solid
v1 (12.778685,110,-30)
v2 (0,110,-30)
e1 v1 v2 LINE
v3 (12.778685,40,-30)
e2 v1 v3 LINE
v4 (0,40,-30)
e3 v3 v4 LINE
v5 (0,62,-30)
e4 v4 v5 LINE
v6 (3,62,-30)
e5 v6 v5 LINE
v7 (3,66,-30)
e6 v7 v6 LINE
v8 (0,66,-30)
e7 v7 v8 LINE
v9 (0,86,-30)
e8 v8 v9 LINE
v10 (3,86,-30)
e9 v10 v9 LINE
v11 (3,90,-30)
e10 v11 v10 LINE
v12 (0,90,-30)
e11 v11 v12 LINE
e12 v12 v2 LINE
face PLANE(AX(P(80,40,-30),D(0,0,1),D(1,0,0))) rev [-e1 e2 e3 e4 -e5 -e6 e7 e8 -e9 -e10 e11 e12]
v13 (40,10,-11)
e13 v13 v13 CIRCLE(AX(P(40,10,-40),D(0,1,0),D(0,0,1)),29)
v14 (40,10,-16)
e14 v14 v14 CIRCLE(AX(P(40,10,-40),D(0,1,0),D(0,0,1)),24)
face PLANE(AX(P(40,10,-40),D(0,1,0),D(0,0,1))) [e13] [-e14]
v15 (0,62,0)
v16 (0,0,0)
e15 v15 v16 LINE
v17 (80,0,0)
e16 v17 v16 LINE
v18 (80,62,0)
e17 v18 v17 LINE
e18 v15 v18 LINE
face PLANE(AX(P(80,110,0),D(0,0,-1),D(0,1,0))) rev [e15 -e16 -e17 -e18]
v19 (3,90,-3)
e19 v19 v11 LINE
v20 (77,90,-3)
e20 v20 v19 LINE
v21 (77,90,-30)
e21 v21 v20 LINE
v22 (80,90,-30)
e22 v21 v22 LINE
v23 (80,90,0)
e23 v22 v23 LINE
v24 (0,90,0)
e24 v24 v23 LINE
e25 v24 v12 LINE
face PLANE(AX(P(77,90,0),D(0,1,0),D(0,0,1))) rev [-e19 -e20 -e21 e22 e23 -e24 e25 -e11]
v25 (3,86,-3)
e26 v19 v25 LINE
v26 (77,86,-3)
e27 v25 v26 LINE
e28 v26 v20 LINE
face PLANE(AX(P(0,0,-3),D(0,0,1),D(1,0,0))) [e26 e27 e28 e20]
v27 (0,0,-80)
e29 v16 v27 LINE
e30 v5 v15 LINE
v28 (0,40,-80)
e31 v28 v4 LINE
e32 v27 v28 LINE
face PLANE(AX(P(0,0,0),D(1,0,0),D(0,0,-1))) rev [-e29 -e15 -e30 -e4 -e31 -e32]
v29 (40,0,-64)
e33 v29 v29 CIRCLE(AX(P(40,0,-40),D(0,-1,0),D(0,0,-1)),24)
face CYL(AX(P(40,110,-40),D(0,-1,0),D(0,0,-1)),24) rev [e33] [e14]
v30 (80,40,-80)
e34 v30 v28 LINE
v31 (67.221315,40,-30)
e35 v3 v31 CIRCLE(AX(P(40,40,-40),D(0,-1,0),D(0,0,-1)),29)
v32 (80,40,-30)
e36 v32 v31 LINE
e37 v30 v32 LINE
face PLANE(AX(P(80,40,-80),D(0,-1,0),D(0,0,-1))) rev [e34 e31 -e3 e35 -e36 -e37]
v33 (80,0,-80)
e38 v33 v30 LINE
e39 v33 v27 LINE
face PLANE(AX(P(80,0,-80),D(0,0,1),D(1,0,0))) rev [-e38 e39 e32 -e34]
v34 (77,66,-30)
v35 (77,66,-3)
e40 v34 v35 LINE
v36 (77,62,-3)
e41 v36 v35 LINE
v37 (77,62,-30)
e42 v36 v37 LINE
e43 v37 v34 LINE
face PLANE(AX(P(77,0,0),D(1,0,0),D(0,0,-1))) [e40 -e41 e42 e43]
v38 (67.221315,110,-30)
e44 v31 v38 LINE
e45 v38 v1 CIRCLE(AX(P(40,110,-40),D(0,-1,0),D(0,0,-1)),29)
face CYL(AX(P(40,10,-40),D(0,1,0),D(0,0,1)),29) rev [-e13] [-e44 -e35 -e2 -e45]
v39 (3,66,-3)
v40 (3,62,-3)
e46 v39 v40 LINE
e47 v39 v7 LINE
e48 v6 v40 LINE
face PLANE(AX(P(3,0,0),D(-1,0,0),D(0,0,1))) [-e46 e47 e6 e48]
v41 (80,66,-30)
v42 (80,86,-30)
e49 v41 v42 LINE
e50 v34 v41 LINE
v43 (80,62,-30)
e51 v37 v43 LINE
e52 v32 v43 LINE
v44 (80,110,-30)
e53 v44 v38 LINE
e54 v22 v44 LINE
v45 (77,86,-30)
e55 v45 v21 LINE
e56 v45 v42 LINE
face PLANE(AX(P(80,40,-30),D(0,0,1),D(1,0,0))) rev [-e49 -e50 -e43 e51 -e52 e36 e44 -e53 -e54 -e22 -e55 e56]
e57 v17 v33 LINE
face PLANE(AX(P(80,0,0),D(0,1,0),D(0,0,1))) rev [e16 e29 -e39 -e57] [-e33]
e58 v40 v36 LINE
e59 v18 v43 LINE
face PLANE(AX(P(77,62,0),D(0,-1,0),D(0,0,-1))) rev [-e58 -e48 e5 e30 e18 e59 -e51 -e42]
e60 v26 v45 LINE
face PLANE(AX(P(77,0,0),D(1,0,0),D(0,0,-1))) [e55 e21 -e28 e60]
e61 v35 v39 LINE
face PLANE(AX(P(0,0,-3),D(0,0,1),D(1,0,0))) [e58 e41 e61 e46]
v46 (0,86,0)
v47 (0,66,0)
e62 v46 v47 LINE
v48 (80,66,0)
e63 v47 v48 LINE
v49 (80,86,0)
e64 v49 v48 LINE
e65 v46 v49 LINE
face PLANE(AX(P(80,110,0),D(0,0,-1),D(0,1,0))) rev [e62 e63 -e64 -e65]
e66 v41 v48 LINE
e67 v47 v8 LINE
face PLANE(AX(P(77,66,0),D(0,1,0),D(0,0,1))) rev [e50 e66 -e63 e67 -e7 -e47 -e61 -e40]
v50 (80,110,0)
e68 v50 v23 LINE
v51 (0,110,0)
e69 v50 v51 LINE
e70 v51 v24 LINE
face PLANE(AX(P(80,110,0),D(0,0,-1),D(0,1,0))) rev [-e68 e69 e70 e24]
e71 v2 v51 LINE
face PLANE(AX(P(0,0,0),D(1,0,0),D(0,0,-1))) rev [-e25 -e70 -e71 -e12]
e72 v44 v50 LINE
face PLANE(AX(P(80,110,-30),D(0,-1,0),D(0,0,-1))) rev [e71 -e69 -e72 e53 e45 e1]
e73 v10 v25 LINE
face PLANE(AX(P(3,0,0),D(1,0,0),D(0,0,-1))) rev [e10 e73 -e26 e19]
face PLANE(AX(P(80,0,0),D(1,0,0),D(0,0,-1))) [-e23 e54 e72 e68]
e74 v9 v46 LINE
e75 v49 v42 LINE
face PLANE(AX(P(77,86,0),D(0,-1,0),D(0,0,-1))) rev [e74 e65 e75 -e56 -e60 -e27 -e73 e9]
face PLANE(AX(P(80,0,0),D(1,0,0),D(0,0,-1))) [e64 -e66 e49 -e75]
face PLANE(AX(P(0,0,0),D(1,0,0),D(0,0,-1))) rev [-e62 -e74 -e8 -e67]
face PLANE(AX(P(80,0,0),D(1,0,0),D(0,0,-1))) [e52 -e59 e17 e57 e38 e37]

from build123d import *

# Parameters (mm, degrees)
BOSS_EXTRUDE2_DEPTH = 80
SKETCH5_R           = 29
CUT_EXTRUDE1_DEPTH  = 100
SKETCH6_R           = 24
CUT_EXTRUDE2_DEPTH  = 111
SKETCH7_W           = 30
SKETCH7_H           = 4
CUT_EXTRUDE3_DEPTH  = 3
SKETCH8_W           = 30
SKETCH8_H           = 4
CUT_EXTRUDE4_DEPTH  = 3
SKETCH9_W           = 74
SKETCH9_H           = 4
CUT_EXTRUDE5_DEPTH  = 3


with BuildPart() as part:
    # Sketch4 → Boss-Extrude2 (new body)
    with BuildSketch(Plane(origin=(0, 0, 0), x_dir=(0, 0, -1), z_dir=(1, 0, 0))):
        Polygon((0, 0), (80, 0), (80, 40), (30, 40), (30, 110), (0, 110), align=None)
    extrude(amount=BOSS_EXTRUDE2_DEPTH)

    # Sketch5 → Cut-Extrude1 (cut)
    with BuildSketch(Plane(origin=(0, 110, 0), x_dir=(1, 0, 0), z_dir=(0, 1, 0))):
        with Locations((40, 40)):
            Circle(SKETCH5_R)
    extrude(amount=-CUT_EXTRUDE1_DEPTH, mode=Mode.SUBTRACT)

    # Sketch6 → Cut-Extrude2 (cut, through all)
    with BuildSketch(Plane.XZ):
        with Locations((40, -40)):
            Circle(SKETCH6_R)
    extrude(amount=-CUT_EXTRUDE2_DEPTH, mode=Mode.SUBTRACT)

    # Sketch7 → Cut-Extrude3 (cut)
    with BuildSketch(Plane(origin=(80, 0, 0), x_dir=(0, 0, -1), z_dir=(1, 0, 0))):
        with Locations((15, 88)):
            Rectangle(SKETCH7_W, SKETCH7_H)
        with Locations((15, 64)):
            Rectangle(SKETCH7_W, SKETCH7_H)
    extrude(amount=-CUT_EXTRUDE3_DEPTH, mode=Mode.SUBTRACT)

    # Sketch8 → Cut-Extrude4 (cut)
    with BuildSketch(Plane.ZY):
        with Locations((-15, 88)):
            Rectangle(SKETCH8_W, SKETCH8_H)
        with Locations((-15, 64)):
            Rectangle(SKETCH8_W, SKETCH8_H)
    extrude(amount=-CUT_EXTRUDE4_DEPTH, mode=Mode.SUBTRACT)

    # Sketch9 → Cut-Extrude5 (cut)
    with BuildSketch(Plane.XY):
        with Locations((40, 88)):
            Rectangle(SKETCH9_W, SKETCH9_H)
        with Locations((40, 64)):
            Rectangle(SKETCH9_W, SKETCH9_H)
    extrude(amount=-CUT_EXTRUDE5_DEPTH, mode=Mode.SUBTRACT)


solid = part.part
